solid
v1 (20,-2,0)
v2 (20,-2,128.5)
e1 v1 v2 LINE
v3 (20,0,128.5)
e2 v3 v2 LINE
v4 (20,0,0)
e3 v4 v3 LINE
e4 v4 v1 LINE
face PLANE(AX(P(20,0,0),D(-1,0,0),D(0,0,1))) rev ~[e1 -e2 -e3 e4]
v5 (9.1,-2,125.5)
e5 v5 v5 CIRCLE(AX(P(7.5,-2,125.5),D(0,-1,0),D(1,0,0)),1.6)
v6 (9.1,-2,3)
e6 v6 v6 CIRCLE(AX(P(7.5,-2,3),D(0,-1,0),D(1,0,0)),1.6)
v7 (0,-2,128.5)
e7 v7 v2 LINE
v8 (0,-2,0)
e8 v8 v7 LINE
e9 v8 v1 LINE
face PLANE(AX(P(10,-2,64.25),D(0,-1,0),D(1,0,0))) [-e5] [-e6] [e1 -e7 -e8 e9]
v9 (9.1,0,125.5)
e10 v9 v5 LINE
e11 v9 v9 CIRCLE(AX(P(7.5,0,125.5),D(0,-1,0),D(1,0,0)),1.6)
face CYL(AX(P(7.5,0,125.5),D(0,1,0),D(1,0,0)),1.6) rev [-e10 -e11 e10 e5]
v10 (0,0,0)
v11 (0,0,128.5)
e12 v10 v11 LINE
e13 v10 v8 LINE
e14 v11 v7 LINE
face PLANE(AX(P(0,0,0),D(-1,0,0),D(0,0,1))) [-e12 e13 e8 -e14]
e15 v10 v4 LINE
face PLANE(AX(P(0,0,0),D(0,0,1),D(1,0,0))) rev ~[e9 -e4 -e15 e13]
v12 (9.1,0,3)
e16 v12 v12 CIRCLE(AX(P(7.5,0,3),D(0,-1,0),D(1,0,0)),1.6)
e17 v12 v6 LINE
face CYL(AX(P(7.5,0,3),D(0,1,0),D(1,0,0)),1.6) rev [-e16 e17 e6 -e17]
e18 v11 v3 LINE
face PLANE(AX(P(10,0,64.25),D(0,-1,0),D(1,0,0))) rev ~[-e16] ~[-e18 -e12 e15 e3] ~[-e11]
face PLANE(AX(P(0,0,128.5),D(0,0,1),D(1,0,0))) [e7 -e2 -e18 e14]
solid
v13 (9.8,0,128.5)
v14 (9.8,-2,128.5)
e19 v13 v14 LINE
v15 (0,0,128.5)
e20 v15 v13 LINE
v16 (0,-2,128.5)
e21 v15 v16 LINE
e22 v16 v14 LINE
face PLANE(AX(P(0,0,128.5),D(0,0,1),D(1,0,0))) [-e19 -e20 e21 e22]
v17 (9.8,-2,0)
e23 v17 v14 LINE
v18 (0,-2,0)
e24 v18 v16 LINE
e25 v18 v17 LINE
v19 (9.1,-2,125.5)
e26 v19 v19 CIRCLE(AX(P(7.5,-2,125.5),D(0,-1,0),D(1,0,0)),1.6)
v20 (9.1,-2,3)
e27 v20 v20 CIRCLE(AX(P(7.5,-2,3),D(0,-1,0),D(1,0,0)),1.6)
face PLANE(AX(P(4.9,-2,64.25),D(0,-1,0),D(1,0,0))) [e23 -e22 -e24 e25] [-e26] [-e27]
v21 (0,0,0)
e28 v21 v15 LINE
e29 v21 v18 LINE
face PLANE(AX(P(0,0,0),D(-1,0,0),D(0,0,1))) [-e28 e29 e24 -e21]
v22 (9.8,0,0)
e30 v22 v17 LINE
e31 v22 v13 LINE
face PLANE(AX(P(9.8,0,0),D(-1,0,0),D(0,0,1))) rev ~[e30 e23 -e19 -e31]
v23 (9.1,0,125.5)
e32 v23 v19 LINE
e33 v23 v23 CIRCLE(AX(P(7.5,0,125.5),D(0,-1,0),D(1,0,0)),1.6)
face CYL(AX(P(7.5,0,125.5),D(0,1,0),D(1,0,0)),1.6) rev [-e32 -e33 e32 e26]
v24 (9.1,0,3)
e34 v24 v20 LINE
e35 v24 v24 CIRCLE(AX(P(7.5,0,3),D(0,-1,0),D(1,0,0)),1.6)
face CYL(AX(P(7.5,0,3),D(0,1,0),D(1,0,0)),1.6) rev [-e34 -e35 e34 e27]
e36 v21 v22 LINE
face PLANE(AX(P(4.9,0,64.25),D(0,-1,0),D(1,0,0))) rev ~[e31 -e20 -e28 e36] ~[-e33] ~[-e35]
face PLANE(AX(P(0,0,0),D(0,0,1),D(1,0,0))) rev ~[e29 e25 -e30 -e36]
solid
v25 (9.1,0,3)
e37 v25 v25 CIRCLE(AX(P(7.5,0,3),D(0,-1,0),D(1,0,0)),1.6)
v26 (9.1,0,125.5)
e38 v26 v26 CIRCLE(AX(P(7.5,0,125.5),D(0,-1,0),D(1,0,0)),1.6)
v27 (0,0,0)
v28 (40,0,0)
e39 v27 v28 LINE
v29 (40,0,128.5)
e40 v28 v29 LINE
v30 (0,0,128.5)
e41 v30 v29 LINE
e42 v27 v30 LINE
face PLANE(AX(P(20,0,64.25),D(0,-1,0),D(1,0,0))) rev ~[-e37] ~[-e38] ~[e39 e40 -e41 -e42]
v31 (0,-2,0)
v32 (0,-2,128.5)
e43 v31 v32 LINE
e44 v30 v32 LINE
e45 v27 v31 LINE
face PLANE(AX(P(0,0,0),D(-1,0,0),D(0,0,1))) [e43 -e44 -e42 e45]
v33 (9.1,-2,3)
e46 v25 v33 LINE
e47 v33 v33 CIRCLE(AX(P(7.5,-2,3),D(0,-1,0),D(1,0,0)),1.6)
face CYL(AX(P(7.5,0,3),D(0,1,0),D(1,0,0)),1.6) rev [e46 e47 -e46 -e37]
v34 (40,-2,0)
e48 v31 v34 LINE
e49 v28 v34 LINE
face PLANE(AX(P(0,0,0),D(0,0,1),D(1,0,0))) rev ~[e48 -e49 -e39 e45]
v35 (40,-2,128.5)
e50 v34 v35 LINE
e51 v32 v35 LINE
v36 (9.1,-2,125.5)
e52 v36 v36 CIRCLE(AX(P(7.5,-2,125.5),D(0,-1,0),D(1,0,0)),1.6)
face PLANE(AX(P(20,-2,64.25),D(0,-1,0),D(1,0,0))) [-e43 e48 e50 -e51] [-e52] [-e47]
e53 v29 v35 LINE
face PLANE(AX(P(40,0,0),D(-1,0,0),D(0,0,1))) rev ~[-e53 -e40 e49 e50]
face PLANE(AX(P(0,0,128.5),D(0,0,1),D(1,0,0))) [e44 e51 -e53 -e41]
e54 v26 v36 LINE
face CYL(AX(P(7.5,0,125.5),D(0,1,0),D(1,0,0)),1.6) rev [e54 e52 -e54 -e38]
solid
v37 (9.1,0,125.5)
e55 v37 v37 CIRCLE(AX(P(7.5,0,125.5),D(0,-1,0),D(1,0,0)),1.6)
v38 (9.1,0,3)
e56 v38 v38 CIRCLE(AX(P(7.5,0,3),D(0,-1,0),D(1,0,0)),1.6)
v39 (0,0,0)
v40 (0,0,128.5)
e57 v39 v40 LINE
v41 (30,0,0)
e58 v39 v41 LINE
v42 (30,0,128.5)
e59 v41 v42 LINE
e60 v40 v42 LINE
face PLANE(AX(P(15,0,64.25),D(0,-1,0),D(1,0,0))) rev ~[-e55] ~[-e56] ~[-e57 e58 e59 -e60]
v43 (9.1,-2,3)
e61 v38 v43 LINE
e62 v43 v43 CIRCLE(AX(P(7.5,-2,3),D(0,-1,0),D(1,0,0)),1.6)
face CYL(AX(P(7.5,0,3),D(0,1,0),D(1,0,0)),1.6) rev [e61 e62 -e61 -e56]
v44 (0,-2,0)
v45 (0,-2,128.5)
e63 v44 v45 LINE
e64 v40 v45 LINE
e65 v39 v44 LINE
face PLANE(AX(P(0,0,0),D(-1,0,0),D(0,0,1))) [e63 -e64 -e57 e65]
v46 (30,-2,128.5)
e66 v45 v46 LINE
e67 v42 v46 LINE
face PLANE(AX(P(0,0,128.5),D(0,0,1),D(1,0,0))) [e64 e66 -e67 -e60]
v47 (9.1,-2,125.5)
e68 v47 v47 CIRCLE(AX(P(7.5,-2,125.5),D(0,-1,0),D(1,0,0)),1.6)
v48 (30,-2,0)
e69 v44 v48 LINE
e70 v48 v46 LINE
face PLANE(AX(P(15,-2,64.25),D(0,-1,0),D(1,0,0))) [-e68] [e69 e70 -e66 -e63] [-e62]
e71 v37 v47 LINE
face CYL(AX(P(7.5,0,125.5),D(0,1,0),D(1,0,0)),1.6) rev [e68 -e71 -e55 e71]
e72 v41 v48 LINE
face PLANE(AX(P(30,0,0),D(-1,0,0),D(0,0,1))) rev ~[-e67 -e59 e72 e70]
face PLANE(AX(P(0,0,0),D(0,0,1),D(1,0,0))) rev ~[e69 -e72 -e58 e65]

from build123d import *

# Parameters (mm, degrees)
SKETCH003_W  = 40
SKETCH003_H  = 128.5
SKETCH003_R  = 1.6
PAD003_DEPTH = 2
SKETCH002_W  = 20
SKETCH002_H  = 128.5
SKETCH002_R  = 1.6
PAD002_DEPTH = 2
SKETCH001_W  = 30
SKETCH001_H  = 128.5
SKETCH001_R  = 1.6
PAD001_DEPTH = 2
SKETCH004_W  = 9.8
SKETCH004_H  = 128.5
SKETCH004_R  = 1.6
PAD004_DEPTH = 2


with BuildPart() as f_8u:
    # Sketch003 → Pad003 (new body)
    with BuildSketch(Plane.XZ):
        with Locations((20, 64.25)):
            Rectangle(SKETCH003_W, SKETCH003_H)
        with Locations((7.5, 125.5)):
            Circle(SKETCH003_R, mode=Mode.SUBTRACT)
        with Locations((7.5, 3)):
            Circle(SKETCH003_R, mode=Mode.SUBTRACT)
    extrude(amount=PAD003_DEPTH)


with BuildPart() as f_4u:
    # Sketch002 → Pad002 (new body)
    with BuildSketch(Plane.XZ):
        with Locations((10, 64.25)):
            Rectangle(SKETCH002_W, SKETCH002_H)
        with Locations((7.5, 125.5)):
            Circle(SKETCH002_R, mode=Mode.SUBTRACT)
        with Locations((7.5, 3)):
            Circle(SKETCH002_R, mode=Mode.SUBTRACT)
    extrude(amount=PAD002_DEPTH)


with BuildPart() as f_6u:
    # Sketch001 → Pad001 (new body)
    with BuildSketch(Plane.XZ):
        with Locations((15, 64.25)):
            Rectangle(SKETCH001_W, SKETCH001_H)
        with Locations((7.5, 125.5)):
            Circle(SKETCH001_R, mode=Mode.SUBTRACT)
        with Locations((7.5, 3)):
            Circle(SKETCH001_R, mode=Mode.SUBTRACT)
    extrude(amount=PAD001_DEPTH)


with BuildPart() as f_2u:
    # Sketch004 → Pad004 (new body)
    with BuildSketch(Plane.XZ):
        with Locations((4.9, 64.25)):
            Rectangle(SKETCH004_W, SKETCH004_H)
        with Locations((7.5, 125.5)):
            Circle(SKETCH004_R, mode=Mode.SUBTRACT)
        with Locations((7.5, 3)):
            Circle(SKETCH004_R, mode=Mode.SUBTRACT)
    extrude(amount=PAD004_DEPTH)


solid = Compound([f_8u.part, f_4u.part, f_6u.part, f_2u.part])
